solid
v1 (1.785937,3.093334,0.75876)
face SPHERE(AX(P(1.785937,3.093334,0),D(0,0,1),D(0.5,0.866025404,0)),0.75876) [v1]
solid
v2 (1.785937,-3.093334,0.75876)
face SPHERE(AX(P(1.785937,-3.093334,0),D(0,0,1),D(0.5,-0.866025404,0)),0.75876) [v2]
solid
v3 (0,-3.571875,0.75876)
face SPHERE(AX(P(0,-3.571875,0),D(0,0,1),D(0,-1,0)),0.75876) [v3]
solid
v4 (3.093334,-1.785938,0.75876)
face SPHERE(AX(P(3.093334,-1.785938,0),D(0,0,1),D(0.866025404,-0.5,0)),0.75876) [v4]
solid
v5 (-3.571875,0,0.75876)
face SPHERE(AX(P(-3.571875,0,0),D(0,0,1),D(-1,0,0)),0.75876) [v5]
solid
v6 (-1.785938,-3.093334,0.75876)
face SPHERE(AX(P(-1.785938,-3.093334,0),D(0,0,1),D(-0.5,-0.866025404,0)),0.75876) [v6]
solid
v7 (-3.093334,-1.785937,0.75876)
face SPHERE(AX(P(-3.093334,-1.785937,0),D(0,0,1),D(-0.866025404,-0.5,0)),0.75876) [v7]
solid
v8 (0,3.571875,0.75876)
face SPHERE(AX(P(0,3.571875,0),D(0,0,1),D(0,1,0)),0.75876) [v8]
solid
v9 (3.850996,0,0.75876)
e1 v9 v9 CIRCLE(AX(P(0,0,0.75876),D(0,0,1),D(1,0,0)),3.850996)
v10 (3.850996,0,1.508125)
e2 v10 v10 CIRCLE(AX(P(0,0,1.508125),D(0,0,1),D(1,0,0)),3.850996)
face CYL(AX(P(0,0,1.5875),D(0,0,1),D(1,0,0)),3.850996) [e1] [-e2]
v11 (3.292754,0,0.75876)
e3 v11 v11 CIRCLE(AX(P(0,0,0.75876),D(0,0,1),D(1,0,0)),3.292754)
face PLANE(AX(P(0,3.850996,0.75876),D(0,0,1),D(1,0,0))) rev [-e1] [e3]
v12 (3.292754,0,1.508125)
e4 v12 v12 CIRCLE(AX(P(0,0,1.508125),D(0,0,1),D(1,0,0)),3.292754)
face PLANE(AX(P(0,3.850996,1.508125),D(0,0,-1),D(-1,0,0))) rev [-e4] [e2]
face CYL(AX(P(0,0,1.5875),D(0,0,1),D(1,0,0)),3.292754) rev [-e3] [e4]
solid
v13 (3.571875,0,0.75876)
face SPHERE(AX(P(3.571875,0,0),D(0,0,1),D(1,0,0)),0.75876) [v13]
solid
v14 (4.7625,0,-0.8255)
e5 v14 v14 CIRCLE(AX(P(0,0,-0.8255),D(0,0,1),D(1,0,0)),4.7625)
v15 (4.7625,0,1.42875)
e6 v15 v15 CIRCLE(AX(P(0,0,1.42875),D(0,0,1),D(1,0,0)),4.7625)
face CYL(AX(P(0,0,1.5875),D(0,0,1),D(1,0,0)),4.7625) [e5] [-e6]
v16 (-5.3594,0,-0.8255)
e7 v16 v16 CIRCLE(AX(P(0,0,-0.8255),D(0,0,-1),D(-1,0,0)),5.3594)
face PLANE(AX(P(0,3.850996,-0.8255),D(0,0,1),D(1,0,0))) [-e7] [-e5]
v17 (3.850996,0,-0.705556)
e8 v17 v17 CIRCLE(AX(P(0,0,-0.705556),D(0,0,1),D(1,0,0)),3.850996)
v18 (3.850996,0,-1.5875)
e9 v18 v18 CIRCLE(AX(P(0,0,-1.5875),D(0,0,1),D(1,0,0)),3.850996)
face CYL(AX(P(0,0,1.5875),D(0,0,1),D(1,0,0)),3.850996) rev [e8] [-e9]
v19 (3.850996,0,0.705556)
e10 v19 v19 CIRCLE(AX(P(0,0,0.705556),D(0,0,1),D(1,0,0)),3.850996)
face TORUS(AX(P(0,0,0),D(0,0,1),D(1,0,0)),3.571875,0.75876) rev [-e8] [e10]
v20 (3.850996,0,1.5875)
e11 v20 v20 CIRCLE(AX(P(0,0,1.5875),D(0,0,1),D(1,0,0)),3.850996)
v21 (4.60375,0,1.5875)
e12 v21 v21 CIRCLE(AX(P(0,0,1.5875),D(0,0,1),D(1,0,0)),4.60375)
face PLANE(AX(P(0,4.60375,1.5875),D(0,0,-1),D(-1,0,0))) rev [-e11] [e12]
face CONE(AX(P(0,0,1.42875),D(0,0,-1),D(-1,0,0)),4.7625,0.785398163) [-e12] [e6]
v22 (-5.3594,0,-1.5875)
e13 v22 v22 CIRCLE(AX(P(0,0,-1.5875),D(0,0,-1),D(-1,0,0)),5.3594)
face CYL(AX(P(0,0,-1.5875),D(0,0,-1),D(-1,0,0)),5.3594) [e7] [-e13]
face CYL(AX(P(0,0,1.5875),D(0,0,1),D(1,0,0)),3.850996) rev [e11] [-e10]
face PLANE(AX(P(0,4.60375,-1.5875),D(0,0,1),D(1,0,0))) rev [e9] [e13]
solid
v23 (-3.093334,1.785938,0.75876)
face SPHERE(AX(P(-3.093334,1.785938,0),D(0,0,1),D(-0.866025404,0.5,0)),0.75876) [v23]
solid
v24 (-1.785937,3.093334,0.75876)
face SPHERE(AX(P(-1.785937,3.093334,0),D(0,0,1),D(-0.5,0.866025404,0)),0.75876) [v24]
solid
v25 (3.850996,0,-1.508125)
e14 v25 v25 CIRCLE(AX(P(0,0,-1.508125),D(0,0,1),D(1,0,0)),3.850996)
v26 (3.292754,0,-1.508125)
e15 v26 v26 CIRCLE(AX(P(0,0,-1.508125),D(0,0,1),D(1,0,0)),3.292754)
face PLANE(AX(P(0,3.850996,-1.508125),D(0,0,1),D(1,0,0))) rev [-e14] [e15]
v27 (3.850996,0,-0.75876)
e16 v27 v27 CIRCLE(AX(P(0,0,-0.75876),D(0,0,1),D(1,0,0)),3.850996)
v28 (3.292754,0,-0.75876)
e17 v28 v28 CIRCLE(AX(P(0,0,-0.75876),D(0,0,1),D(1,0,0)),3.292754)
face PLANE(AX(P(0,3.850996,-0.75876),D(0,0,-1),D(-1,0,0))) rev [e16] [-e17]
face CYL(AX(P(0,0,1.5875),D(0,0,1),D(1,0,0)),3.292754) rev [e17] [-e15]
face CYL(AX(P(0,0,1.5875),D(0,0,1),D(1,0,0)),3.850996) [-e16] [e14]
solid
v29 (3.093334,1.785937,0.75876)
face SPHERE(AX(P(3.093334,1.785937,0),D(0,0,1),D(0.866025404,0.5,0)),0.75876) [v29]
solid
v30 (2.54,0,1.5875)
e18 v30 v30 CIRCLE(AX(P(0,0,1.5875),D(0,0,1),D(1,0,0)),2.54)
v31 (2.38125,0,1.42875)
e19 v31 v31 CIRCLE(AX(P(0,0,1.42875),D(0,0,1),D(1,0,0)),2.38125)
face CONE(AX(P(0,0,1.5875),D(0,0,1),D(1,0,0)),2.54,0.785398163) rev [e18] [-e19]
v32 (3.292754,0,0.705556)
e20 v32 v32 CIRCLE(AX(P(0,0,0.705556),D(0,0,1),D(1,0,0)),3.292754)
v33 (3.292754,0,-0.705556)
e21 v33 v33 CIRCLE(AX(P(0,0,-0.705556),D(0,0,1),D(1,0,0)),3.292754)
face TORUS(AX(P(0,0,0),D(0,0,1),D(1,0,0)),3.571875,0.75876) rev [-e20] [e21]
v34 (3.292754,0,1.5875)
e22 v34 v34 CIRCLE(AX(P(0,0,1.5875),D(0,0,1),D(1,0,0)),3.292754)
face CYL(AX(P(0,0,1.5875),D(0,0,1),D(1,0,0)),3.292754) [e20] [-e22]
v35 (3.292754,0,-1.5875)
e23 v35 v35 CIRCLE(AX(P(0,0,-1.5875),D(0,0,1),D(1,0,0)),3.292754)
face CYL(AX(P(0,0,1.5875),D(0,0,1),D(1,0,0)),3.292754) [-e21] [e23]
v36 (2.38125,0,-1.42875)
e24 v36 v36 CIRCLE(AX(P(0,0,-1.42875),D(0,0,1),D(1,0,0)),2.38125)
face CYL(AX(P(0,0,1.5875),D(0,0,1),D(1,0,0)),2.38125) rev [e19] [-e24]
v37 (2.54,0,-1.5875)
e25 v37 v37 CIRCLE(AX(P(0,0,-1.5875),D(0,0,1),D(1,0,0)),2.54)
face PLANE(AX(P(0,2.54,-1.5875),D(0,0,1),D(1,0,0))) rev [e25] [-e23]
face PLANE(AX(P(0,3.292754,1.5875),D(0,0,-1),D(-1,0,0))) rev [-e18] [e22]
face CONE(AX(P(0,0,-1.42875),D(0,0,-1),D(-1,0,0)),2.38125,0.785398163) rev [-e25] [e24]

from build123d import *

# Parameters (mm, degrees)
CIRPATTERN1_COUNT = 12
SKETCH5_W         = 0.749364756
SKETCH5_H         = 0.558241758
SKETCH6_W         = 0.762
SKETCH6_H         = 1.508404121


with BuildPart() as part:
    # Sketch → Revolve1 (revolve)
    with BuildSketch(Plane(origin=(0, 0, 0), x_dir=(0, 0, -1), z_dir=(1, 0, 0))):
        with BuildLine():
            Line((1.42875, 4.7625), (-1.42875, 4.7625))
            Line((-1.42875, 4.7625), (-1.5875, 4.60375))
            Line((-1.5875, 4.60375), (-1.5875, 3.850995879))
            Line((-1.5875, 3.850995879), (-0.705555556, 3.850995879))
            ThreePointArc((-0.705555556, 3.850995879), (0, 4.330635244), (0.705555556, 3.850995879))
            Line((0.705555556, 3.850995879), (1.5875, 3.850995879))
            Line((1.5875, 3.850995879), (1.5875, 4.60375))
            Line((1.5875, 4.60375), (1.42875, 4.7625))
        make_face()
    revolve(axis=Axis((0, 0, 1.5875), (0, 0, -1)))

    # Sketch6 → Revolve6 (revolve)
    with BuildSketch(Plane(origin=(0, 0, 0), x_dir=(0, 0, -1), z_dir=(1, 0, 0))):
        with Locations((1.2065, 4.60519794)):
            Rectangle(SKETCH6_W, SKETCH6_H)
    revolve(axis=Axis((0, 0, -1.5875), (0, 0, 1)))


with BuildPart() as body_2:
    # Sketch3 → Revolve3 (revolve)
    with BuildSketch(Plane(origin=(0, 0, 0), x_dir=(0, 0, -1), z_dir=(1, 0, 0))):
        with BuildLine():
            Line((-1.5875, 3.292754121), (-0.705555556, 3.292754121))
            ThreePointArc((-0.705555556, 3.292754121), (0, 2.813114756), (0.705555556, 3.292754121))
            Line((0.705555556, 3.292754121), (1.5875, 3.292754121))
            Line((1.5875, 3.292754121), (1.5875, 2.54))
            Line((1.5875, 2.54), (1.42875, 2.38125))
            Line((1.42875, 2.38125), (-1.42875, 2.38125))
            Line((-1.42875, 2.38125), (-1.5875, 2.54))
            Line((-1.5875, 2.54), (-1.5875, 3.292754121))
        make_face()
    revolve(axis=Axis((0, 0, 1.5875), (0, 0, -1)))


with BuildPart() as body_3:
    # Sketch4 → Revolve4 (revolve)
    with BuildSketch(Plane(origin=(0, 0, 0), x_dir=(0, 0, -1), z_dir=(1, 0, 0))):
        with BuildLine():
            Line((-0.758760244, 3.571875), (0.758760244, 3.571875))
            ThreePointArc((0.758760244, 3.571875), (0, 4.330635244), (-0.758760244, 3.571875))
        make_face()
    revolve(axis=Axis((0, 3.571875, 0.758760244), (0, 0, -1)))


with BuildPart() as cirpattern1_1:
    # CirPattern1: pattern copy
    add(body_3.part.rotate(Axis((0, 0, -1.5875), (0, 0, 1)), 1 * 360 / CIRPATTERN1_COUNT))


with BuildPart() as cirpattern1_2:
    # CirPattern1: pattern copy
    add(body_3.part.rotate(Axis((0, 0, -1.5875), (0, 0, 1)), 2 * 360 / CIRPATTERN1_COUNT))


with BuildPart() as cirpattern1_3:
    # CirPattern1: pattern copy
    add(body_3.part.rotate(Axis((0, 0, -1.5875), (0, 0, 1)), 3 * 360 / CIRPATTERN1_COUNT))


with BuildPart() as cirpattern1_4:
    # CirPattern1: pattern copy
    add(body_3.part.rotate(Axis((0, 0, -1.5875), (0, 0, 1)), 4 * 360 / CIRPATTERN1_COUNT))


with BuildPart() as cirpattern1_5:
    # CirPattern1: pattern copy
    add(body_3.part.rotate(Axis((0, 0, -1.5875), (0, 0, 1)), 5 * 360 / CIRPATTERN1_COUNT))


with BuildPart() as cirpattern1_6:
    # CirPattern1: pattern copy
    add(body_3.part.rotate(Axis((0, 0, -1.5875), (0, 0, 1)), 6 * 360 / CIRPATTERN1_COUNT))


with BuildPart() as cirpattern1_7:
    # CirPattern1: pattern copy
    add(body_3.part.rotate(Axis((0, 0, -1.5875), (0, 0, 1)), 7 * 360 / CIRPATTERN1_COUNT))


with BuildPart() as cirpattern1_8:
    # CirPattern1: pattern copy
    add(body_3.part.rotate(Axis((0, 0, -1.5875), (0, 0, 1)), 8 * 360 / CIRPATTERN1_COUNT))


with BuildPart() as cirpattern1_9:
    # CirPattern1: pattern copy
    add(body_3.part.rotate(Axis((0, 0, -1.5875), (0, 0, 1)), 9 * 360 / CIRPATTERN1_COUNT))


with BuildPart() as cirpattern1_10:
    # CirPattern1: pattern copy
    add(body_3.part.rotate(Axis((0, 0, -1.5875), (0, 0, 1)), 10 * 360 / CIRPATTERN1_COUNT))


with BuildPart() as cirpattern1_11:
    # CirPattern1: pattern copy
    add(body_3.part.rotate(Axis((0, 0, -1.5875), (0, 0, 1)), 11 * 360 / CIRPATTERN1_COUNT))


with BuildPart() as body_15:
    # Sketch5 → Revolve5 (revolve)
    with BuildSketch(Plane(origin=(0, 0, 0), x_dir=(0, 0, -1), z_dir=(1, 0, 0))):
        with Locations((-1.133442622, 3.571875)):
            Rectangle(SKETCH5_W, SKETCH5_H)
        with Locations((1.133442622, 3.571875)):
            Rectangle(SKETCH5_W, SKETCH5_H)
    revolve(axis=Axis((0, 0, 1.5875), (0, 0, -1)))


solid = Compound([part.part, body_2.part, body_3.part, cirpattern1_1.part, cirpattern1_2.part, cirpattern1_3.part, cirpattern1_4.part, cirpattern1_5.part, cirpattern1_6.part, cirpattern1_7.part, cirpattern1_8.part, cirpattern1_9.part, cirpattern1_10.part, cirpattern1_11.part, body_15.part])
